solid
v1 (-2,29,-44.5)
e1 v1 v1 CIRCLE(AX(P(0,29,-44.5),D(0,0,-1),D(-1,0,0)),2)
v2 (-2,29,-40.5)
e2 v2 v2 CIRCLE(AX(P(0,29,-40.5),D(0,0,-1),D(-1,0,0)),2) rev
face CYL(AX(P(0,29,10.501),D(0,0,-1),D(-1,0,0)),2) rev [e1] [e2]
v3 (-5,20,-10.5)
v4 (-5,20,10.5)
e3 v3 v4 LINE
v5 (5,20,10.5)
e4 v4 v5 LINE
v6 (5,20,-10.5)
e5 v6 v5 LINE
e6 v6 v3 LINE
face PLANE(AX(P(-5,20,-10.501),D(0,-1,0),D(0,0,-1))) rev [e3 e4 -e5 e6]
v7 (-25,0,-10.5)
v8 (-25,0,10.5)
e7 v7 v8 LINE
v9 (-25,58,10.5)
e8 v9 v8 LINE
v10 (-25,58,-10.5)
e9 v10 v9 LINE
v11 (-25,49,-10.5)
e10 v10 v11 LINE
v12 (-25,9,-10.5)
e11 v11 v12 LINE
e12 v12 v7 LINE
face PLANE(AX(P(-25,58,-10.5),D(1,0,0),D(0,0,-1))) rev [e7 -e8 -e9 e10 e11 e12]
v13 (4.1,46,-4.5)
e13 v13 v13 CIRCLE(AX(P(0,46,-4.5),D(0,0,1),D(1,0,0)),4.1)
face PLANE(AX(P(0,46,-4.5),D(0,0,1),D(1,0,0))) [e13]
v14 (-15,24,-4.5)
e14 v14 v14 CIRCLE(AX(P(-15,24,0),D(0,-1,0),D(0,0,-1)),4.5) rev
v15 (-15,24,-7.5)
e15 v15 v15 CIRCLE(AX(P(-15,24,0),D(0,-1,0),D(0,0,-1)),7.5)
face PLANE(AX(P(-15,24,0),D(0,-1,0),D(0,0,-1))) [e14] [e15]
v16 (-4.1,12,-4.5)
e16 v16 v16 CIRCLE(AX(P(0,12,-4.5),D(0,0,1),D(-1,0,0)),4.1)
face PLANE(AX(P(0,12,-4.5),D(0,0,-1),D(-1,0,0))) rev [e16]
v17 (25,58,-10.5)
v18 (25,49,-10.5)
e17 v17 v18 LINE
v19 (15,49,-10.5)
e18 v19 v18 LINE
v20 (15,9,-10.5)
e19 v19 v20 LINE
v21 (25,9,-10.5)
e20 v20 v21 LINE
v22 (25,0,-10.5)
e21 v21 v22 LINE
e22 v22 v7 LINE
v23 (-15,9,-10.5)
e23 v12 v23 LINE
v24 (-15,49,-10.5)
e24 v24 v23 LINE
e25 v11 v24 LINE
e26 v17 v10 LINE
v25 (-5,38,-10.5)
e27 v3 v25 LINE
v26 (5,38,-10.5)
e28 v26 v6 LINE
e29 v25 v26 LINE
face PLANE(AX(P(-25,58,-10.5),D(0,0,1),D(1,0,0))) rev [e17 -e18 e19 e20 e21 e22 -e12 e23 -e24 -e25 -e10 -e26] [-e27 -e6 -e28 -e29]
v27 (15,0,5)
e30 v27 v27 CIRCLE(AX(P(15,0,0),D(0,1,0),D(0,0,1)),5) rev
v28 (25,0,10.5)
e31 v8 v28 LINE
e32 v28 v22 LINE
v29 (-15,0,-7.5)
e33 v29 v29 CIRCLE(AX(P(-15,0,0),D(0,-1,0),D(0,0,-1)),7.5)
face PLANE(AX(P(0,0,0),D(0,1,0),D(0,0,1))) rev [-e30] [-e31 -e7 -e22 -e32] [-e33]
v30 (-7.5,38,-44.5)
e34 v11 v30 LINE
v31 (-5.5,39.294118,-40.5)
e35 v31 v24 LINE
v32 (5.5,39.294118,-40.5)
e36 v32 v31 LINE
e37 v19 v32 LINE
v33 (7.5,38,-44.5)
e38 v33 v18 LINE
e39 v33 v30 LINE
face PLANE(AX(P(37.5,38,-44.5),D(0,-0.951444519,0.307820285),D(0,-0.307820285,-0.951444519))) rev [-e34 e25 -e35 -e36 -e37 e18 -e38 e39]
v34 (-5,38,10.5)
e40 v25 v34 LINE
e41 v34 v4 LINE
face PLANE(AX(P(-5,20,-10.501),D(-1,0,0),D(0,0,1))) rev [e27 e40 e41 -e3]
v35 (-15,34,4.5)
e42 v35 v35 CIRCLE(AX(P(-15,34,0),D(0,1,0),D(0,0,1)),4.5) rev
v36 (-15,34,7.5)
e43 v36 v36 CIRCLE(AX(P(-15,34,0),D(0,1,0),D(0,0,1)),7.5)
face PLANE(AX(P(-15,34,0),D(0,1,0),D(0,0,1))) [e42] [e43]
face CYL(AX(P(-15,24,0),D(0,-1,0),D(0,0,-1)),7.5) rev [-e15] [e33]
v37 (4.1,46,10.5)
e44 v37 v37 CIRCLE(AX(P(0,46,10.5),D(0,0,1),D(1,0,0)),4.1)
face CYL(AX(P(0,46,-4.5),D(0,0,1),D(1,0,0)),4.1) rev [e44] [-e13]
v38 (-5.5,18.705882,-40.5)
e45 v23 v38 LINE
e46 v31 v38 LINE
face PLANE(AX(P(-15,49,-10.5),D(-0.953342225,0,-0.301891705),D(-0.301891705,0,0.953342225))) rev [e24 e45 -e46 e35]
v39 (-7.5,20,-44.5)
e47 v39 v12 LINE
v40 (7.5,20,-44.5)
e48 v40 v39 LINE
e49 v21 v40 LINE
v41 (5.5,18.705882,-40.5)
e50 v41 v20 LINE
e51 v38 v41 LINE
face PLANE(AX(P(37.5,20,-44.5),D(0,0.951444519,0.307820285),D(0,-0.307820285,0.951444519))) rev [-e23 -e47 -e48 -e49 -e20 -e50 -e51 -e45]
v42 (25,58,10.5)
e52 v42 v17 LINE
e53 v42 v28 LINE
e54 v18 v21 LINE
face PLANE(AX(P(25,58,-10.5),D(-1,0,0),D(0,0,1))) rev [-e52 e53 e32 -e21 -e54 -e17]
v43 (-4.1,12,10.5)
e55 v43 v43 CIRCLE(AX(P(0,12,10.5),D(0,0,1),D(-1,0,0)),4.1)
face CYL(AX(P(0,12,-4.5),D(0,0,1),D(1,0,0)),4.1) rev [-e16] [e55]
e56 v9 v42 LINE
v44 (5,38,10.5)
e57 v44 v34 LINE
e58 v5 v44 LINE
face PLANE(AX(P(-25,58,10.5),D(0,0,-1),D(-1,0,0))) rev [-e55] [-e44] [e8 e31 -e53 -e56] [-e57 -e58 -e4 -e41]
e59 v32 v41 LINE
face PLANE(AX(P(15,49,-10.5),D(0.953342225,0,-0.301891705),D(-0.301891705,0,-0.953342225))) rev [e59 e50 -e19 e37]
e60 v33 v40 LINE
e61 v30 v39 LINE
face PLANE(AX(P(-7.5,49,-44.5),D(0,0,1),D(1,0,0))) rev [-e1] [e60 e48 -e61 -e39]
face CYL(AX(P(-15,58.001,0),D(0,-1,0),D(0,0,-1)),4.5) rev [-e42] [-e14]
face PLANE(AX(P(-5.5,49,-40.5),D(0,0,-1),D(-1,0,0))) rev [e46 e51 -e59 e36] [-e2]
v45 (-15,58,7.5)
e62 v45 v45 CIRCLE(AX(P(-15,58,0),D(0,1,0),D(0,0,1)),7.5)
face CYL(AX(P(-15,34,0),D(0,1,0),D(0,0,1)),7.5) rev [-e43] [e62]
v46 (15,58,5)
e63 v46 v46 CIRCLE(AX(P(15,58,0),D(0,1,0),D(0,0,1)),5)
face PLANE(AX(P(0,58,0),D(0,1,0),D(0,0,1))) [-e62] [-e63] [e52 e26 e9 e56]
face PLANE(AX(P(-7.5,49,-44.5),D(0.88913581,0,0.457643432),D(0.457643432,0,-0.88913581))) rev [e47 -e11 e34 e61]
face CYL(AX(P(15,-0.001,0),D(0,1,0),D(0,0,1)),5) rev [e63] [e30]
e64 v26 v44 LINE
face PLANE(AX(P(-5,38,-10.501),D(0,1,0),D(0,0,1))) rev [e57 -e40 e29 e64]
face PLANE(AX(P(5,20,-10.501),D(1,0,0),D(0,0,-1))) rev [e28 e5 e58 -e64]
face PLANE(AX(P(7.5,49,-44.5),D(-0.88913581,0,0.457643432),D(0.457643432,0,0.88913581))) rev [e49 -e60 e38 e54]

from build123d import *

# Parameters (mm, degrees)
SKETCH1_W           = 50
SKETCH1_H           = 21
BOSS_EXTRUDE1_DEPTH = 58
SKETCH3_R           = 7.5
CUT_EXTRUDE1_DEPTH  = 24
CUT_EXTRUDE2_REACH  = 66.025
SKETCH4_R           = 5
CUT_EXTRUDE3_START  = -24
SKETCH5_R           = 7.5
CUT_EXTRUDE3_DEPTH  = 24
CUT_EXTRUDE4_REACH  = 66.025
SKETCH6_R           = 4.5
CUT_EXTRUDE5_REACH  = 68.558
SKETCH8_W           = 10
SKETCH8_H           = 18
BOSS_EXTRUDE3_DEPTH = 20
CUT_EXTRUDE6_DEPTH  = 37.5
CUT_EXTRUDE7_REACH  = 85.75
SKETCH13_R          = 2
SKETCH7_R           = 4.1
CUT_EXTRUDE8_DEPTH  = 15


with BuildPart() as part:
    # Sketch1 → Boss-Extrude1 (new body)
    with BuildSketch(Plane(origin=(0, 0, 0), x_dir=(1, 0, 0), z_dir=(0, 1, 0))):
        Rectangle(SKETCH1_W, SKETCH1_H)
    extrude(amount=BOSS_EXTRUDE1_DEPTH)

    # Sketch3 → Cut-Extrude1 (cut)
    with BuildSketch(Plane(origin=(0, 58, 0), x_dir=(1, 0, 0), z_dir=(0, 1, 0))):
        with Locations(Location((-15, 0, 0), (0, 0, 270))):
            Circle(SKETCH3_R)
    extrude(amount=-CUT_EXTRUDE1_DEPTH, mode=Mode.SUBTRACT)

    # Sketch4 → Cut-Extrude2 (cut, up to next)
    with BuildSketch(Plane(origin=(0, 58, 0), x_dir=(1, 0, 0), z_dir=(0, 1, 0)), mode=Mode.PRIVATE) as cut_extrude2_sk1:
        with Locations(Location((15, 0, 0), (0, 0, 270))):
            Circle(SKETCH4_R)
    cut_extrude2_tool1 = extrude(cut_extrude2_sk1.sketch, amount=-CUT_EXTRUDE2_REACH, mode=Mode.PRIVATE) & part.part
    add(cut_extrude2_tool1.solids().sort_by_distance((15, 58, 0))[0], mode=Mode.SUBTRACT)

    # Sketch5 → Cut-Extrude3 (cut)
    with BuildSketch(Plane.XZ.offset(CUT_EXTRUDE3_START)):
        with Locations(Location((-15, 0, 0), (0, 0, 90))):
            Circle(SKETCH5_R)
    extrude(amount=CUT_EXTRUDE3_DEPTH, mode=Mode.SUBTRACT)

    # Sketch6 → Cut-Extrude4 (cut, up to next)
    with BuildSketch(Plane.XZ, mode=Mode.PRIVATE) as cut_extrude4_sk1:
        with Locations(Location((-15, 0, 0), (0, 0, 270))):
            Circle(SKETCH6_R)
    cut_extrude4_tool1 = extrude(cut_extrude4_sk1.sketch, amount=-CUT_EXTRUDE4_REACH, mode=Mode.PRIVATE) & part.part
    add(cut_extrude4_tool1.solids().sort_by_distance((-15, 0, 0))[0], mode=Mode.SUBTRACT)

    # Sketch8 → Cut-Extrude5 (cut, up to next)
    with BuildSketch(Plane.XY.offset(10.5), mode=Mode.PRIVATE) as cut_extrude5_sk1:
        with Locations((0, 29)):
            Rectangle(SKETCH8_W, SKETCH8_H)
    cut_extrude5_tool1 = extrude(cut_extrude5_sk1.sketch, amount=-CUT_EXTRUDE5_REACH, mode=Mode.PRIVATE) & part.part
    add(cut_extrude5_tool1.solids().sort_by_distance((0, 29, 10.5))[0], mode=Mode.SUBTRACT)

    # Sketch11 → Boss-Extrude3 (add, symmetric)
    with BuildSketch(Plane(origin=(0, 29, 0), x_dir=(0, 0, -1), z_dir=(0, 1, 0))):
        Polygon((40.5, 5.5), (40.5, -5.5), (10.5, -15), (10.5, -25), (44.5, -7.5), (44.5, 7.5), (10.5, 25), (10.5, 15), align=None)
    extrude(amount=BOSS_EXTRUDE3_DEPTH, both=True)

    # Sketch12 → Cut-Extrude6 (cut, symmetric)
    with BuildSketch(Plane.ZY):
        Polygon((-44.5, 38), (-10.5, 49), (-44.5, 49), align=None)
        Polygon((-44.5, 20), (-10.5, 9), (-44.5, 9), align=None)
    extrude(amount=CUT_EXTRUDE6_DEPTH, both=True, mode=Mode.SUBTRACT)

    # Sketch13 → Cut-Extrude7 (cut, up to next)
    with BuildSketch(Plane(origin=(0, 0, -44.5), x_dir=(-1, 0, 0), z_dir=(0, 0, -1)), mode=Mode.PRIVATE) as cut_extrude7_sk1:
        with Locations((0, 29)):
            Circle(SKETCH13_R)
    cut_extrude7_tool1 = extrude(cut_extrude7_sk1.sketch, amount=-CUT_EXTRUDE7_REACH, mode=Mode.PRIVATE) & part.part
    add(cut_extrude7_tool1.solids().sort_by_distance((0, 29, -44.5))[0], mode=Mode.SUBTRACT)

    # Sketch7 → Cut-Extrude8 (cut)
    with BuildSketch(Plane.XY.offset(10.5)):
        with Locations((0, 46)):
            Circle(SKETCH7_R)
        with Locations(Location((0, 12, 0), (0, 0, 180))):
            Circle(SKETCH7_R)
    extrude(amount=-CUT_EXTRUDE8_DEPTH, mode=Mode.SUBTRACT)


solid = part.part
